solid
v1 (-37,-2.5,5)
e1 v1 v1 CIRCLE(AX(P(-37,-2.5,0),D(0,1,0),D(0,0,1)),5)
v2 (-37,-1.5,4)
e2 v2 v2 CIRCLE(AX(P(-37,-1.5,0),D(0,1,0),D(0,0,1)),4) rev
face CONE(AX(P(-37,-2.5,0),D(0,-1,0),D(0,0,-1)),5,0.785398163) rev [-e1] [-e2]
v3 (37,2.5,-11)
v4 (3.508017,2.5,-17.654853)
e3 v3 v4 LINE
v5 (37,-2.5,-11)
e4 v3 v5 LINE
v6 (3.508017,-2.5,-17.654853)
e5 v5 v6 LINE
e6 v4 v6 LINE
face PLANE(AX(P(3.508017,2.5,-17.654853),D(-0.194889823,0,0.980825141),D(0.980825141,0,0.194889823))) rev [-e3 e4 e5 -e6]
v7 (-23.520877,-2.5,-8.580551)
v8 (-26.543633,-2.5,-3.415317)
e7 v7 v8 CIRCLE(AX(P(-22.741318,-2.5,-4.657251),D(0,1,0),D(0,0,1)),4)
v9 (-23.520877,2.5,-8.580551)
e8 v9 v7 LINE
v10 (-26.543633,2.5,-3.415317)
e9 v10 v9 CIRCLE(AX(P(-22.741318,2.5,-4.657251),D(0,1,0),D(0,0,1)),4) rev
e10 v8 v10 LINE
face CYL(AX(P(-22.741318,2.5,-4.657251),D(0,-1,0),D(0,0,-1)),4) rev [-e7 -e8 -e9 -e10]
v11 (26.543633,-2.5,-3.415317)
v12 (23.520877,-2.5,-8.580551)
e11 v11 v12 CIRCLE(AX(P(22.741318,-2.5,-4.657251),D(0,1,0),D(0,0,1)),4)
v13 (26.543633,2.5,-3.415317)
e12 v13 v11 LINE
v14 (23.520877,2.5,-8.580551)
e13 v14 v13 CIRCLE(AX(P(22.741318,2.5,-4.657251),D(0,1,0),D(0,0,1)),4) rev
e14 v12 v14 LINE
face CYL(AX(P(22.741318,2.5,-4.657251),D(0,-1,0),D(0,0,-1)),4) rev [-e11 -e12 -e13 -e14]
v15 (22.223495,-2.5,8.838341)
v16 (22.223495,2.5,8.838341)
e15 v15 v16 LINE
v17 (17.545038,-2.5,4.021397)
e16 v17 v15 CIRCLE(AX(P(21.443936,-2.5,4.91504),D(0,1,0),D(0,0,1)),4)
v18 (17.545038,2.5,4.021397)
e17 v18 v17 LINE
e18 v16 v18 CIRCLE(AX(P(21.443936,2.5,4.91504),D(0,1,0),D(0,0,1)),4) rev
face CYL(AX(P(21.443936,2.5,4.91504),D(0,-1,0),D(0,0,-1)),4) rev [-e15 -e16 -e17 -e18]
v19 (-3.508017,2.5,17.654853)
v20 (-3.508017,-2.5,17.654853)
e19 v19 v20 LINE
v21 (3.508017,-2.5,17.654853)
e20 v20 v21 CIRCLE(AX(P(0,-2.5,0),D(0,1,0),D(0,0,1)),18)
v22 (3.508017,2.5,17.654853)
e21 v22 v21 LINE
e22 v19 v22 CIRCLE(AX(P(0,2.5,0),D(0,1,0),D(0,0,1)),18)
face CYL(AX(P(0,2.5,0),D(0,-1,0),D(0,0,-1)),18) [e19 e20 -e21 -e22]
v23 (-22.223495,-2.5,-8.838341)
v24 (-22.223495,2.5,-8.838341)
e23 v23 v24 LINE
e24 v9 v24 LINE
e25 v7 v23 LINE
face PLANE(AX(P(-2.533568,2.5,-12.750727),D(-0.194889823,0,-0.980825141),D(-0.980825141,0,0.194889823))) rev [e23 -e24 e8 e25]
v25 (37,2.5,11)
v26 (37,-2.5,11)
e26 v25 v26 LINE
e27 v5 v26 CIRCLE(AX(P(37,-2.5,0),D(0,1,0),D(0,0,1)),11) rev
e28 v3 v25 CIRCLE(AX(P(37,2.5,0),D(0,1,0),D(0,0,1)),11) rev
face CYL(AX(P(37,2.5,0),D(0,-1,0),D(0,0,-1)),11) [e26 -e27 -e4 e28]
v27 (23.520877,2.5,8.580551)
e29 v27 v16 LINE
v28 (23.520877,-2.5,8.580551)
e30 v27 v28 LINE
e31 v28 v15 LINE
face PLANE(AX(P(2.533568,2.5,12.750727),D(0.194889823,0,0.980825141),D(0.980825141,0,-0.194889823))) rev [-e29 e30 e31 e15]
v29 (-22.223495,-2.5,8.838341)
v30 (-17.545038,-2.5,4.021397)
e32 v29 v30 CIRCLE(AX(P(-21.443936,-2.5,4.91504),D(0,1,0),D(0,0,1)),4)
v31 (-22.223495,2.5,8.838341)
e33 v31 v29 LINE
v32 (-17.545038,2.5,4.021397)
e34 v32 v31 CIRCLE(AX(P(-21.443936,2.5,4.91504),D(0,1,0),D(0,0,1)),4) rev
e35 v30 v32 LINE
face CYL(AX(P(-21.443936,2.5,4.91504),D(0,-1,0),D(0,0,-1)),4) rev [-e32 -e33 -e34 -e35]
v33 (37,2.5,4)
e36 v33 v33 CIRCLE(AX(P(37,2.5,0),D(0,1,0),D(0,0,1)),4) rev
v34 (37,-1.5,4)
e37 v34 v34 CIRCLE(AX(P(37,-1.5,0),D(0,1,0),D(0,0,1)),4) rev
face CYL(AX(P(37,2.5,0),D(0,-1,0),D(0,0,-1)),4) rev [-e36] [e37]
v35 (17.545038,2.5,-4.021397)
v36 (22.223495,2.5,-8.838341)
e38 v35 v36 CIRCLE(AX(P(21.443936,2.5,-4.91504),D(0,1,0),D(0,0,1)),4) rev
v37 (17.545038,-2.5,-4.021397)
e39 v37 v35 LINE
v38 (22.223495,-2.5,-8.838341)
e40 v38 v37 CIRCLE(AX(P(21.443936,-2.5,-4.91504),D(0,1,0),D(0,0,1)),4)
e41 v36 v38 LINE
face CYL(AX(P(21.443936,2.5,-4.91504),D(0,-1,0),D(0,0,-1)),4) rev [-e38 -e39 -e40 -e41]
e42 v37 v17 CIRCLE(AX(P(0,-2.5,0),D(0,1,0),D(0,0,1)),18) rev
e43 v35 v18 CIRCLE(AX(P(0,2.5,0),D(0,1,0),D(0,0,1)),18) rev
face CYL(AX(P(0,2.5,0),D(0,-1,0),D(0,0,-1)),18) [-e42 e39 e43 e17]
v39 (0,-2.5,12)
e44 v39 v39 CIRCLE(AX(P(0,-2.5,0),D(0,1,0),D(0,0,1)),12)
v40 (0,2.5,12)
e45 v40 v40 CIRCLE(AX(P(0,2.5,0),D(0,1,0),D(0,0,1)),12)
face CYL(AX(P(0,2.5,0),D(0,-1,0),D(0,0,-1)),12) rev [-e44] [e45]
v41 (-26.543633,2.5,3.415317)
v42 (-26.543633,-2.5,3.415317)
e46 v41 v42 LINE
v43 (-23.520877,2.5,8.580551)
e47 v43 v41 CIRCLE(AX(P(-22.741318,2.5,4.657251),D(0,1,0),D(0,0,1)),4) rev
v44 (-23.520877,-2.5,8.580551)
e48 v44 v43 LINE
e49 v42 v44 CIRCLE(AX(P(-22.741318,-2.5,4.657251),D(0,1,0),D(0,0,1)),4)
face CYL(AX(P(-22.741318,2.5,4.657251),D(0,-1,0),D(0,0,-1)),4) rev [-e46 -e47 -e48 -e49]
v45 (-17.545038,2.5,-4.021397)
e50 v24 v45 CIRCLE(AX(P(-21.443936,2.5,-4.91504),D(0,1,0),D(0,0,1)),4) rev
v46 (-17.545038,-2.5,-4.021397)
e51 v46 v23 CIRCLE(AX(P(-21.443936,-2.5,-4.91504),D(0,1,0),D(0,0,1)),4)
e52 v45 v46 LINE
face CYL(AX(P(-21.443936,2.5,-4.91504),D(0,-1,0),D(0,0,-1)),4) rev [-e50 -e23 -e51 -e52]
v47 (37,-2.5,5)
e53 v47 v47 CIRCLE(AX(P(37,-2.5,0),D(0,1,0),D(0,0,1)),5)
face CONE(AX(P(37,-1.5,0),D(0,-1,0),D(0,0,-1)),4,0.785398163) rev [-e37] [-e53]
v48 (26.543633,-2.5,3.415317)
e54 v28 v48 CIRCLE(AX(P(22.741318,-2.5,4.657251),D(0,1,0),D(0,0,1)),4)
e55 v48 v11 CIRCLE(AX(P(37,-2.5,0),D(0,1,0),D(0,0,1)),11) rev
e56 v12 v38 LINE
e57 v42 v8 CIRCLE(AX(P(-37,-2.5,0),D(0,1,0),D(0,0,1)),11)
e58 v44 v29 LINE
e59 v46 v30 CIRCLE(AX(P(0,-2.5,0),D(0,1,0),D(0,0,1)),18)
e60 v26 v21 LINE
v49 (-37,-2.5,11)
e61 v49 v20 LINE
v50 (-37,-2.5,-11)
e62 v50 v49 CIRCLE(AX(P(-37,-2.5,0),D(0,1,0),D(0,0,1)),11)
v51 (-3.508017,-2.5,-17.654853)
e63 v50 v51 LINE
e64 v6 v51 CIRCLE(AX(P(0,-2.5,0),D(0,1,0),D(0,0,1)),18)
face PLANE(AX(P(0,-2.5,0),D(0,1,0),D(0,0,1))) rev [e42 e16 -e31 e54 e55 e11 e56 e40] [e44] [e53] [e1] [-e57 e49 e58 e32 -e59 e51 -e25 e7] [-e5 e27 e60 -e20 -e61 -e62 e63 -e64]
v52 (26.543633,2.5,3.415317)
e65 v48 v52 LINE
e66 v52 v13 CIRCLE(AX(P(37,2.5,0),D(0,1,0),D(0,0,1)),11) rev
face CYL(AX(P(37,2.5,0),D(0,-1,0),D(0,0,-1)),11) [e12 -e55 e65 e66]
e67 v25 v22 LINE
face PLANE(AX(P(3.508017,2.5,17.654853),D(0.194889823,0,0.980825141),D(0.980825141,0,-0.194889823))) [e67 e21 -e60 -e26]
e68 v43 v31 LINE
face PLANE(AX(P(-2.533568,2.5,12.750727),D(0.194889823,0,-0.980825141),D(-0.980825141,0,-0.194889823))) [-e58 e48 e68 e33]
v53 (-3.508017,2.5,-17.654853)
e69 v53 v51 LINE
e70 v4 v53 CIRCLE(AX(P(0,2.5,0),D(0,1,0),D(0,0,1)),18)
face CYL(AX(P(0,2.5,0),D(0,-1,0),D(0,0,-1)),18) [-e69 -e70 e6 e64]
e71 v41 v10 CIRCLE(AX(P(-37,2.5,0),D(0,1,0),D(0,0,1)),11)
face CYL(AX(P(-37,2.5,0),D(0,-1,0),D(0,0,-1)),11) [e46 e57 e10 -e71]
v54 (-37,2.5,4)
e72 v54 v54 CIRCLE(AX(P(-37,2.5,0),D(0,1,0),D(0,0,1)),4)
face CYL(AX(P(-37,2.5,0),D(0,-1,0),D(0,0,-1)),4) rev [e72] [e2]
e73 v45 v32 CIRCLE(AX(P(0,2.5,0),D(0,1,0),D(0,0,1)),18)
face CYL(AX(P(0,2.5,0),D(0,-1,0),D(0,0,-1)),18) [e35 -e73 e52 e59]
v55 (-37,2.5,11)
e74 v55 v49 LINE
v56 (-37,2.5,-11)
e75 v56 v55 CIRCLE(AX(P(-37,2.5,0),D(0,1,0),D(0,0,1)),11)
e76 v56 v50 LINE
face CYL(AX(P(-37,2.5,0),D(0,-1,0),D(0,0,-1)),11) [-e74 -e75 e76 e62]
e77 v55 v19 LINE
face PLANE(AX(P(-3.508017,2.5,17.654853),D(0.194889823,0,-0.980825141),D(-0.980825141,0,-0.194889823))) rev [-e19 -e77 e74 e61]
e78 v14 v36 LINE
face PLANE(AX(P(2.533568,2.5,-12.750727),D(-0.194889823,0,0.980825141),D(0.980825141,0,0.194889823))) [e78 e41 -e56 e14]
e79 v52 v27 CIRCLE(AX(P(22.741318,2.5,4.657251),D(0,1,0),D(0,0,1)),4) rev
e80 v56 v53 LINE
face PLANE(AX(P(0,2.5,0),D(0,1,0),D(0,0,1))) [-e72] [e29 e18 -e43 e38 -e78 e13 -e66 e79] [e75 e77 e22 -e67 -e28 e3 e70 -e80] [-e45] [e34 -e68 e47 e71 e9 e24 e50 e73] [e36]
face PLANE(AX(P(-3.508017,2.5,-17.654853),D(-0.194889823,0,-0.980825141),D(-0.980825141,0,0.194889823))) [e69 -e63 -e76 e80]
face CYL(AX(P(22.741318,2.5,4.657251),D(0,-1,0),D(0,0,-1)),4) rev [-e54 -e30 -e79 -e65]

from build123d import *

# Parameters (mm, degrees)
SKETCH1_R           = 4
SKETCH1_R_2         = 12
BOSS_EXTRUDE1_DEPTH = 2.5
FILLET1_R           = 4
CHAMFER1_SIZE       = 1


with BuildPart() as part:
    # Sketch1 → Boss-Extrude1 (new body, symmetric)
    with BuildSketch(Plane(origin=(0, 0, 0), x_dir=(1, 0, 0), z_dir=(0, 1, 0))):
        with BuildLine():
            Line((37, 11), (3.508016814, 17.654852535))
            ThreePointArc((3.508016814, 17.654852535), (0, 18), (-3.508016814, 17.654852535))
            Line((-3.508016814, 17.654852535), (-37, 11))
            ThreePointArc((-37, 11), (-48, 0), (-37, -11))
            Line((-37, -11), (-3.508016814, -17.654852535))
            ThreePointArc((-3.508016814, -17.654852535), (0, -18), (3.508016814, -17.654852535))
            Line((3.508016814, -17.654852535), (37, -11))
            ThreePointArc((37, -11), (48, 0), (37, 11))
        make_face()
        with Locations((37, 0)):
            Circle(SKETCH1_R, mode=Mode.SUBTRACT)
        with Locations((-37, 0)):
            Circle(SKETCH1_R, mode=Mode.SUBTRACT)
        Circle(SKETCH1_R_2, mode=Mode.SUBTRACT)
        with BuildLine():
            Line((-28.954155956, -7.500959513), (-14.744742226, -10.324368102))
            ThreePointArc((-14.744742226, -10.324368102), (-18, 0), (-14.744742226, 10.324368102))
            Line((-14.744742226, 10.324368102), (-28.954155956, 7.500959513))
            ThreePointArc((-28.954155956, 7.500959513), (-26, 0), (-28.954155956, -7.500959513))
        make_face(mode=Mode.SUBTRACT)
        with BuildLine():
            ThreePointArc((14.744742226, 10.324368102), (18, 0), (14.744742226, -10.324368102))
            Line((14.744742226, -10.324368102), (28.954155956, -7.500959513))
            ThreePointArc((28.954155956, -7.500959513), (26, 0), (28.954155956, 7.500959513))
            Line((28.954155956, 7.500959513), (14.744742226, 10.324368102))
        make_face(mode=Mode.SUBTRACT)
    extrude(amount=BOSS_EXTRUDE1_DEPTH, both=True)

    # Fillet1
    fillet1_edges = [part.edges().sort_by_distance(p)[0] for p in [
        (14.744742226, 0, 10.324368102),
        (28.954155956, 0, 7.500959513),
        (28.954155956, 0, -7.500959513),
        (14.744742226, 0, -10.324368102),
        (-14.744742226, 0, 10.324368102),
        (-14.744742226, 0, -10.324368102),
        (-28.954155956, 0, -7.500959513),
        (-28.954155956, 0, 7.500959513),
    ]]
    fillet(fillet1_edges, radius=FILLET1_R)

    # Chamfer1
    chamfer1_edges = [part.edges().sort_by_distance(p)[0] for p in [
        (-41, -2.5, 0),
        (33, -2.5, 0),
    ]]
    chamfer(chamfer1_edges, length=CHAMFER1_SIZE)


solid = part.part
